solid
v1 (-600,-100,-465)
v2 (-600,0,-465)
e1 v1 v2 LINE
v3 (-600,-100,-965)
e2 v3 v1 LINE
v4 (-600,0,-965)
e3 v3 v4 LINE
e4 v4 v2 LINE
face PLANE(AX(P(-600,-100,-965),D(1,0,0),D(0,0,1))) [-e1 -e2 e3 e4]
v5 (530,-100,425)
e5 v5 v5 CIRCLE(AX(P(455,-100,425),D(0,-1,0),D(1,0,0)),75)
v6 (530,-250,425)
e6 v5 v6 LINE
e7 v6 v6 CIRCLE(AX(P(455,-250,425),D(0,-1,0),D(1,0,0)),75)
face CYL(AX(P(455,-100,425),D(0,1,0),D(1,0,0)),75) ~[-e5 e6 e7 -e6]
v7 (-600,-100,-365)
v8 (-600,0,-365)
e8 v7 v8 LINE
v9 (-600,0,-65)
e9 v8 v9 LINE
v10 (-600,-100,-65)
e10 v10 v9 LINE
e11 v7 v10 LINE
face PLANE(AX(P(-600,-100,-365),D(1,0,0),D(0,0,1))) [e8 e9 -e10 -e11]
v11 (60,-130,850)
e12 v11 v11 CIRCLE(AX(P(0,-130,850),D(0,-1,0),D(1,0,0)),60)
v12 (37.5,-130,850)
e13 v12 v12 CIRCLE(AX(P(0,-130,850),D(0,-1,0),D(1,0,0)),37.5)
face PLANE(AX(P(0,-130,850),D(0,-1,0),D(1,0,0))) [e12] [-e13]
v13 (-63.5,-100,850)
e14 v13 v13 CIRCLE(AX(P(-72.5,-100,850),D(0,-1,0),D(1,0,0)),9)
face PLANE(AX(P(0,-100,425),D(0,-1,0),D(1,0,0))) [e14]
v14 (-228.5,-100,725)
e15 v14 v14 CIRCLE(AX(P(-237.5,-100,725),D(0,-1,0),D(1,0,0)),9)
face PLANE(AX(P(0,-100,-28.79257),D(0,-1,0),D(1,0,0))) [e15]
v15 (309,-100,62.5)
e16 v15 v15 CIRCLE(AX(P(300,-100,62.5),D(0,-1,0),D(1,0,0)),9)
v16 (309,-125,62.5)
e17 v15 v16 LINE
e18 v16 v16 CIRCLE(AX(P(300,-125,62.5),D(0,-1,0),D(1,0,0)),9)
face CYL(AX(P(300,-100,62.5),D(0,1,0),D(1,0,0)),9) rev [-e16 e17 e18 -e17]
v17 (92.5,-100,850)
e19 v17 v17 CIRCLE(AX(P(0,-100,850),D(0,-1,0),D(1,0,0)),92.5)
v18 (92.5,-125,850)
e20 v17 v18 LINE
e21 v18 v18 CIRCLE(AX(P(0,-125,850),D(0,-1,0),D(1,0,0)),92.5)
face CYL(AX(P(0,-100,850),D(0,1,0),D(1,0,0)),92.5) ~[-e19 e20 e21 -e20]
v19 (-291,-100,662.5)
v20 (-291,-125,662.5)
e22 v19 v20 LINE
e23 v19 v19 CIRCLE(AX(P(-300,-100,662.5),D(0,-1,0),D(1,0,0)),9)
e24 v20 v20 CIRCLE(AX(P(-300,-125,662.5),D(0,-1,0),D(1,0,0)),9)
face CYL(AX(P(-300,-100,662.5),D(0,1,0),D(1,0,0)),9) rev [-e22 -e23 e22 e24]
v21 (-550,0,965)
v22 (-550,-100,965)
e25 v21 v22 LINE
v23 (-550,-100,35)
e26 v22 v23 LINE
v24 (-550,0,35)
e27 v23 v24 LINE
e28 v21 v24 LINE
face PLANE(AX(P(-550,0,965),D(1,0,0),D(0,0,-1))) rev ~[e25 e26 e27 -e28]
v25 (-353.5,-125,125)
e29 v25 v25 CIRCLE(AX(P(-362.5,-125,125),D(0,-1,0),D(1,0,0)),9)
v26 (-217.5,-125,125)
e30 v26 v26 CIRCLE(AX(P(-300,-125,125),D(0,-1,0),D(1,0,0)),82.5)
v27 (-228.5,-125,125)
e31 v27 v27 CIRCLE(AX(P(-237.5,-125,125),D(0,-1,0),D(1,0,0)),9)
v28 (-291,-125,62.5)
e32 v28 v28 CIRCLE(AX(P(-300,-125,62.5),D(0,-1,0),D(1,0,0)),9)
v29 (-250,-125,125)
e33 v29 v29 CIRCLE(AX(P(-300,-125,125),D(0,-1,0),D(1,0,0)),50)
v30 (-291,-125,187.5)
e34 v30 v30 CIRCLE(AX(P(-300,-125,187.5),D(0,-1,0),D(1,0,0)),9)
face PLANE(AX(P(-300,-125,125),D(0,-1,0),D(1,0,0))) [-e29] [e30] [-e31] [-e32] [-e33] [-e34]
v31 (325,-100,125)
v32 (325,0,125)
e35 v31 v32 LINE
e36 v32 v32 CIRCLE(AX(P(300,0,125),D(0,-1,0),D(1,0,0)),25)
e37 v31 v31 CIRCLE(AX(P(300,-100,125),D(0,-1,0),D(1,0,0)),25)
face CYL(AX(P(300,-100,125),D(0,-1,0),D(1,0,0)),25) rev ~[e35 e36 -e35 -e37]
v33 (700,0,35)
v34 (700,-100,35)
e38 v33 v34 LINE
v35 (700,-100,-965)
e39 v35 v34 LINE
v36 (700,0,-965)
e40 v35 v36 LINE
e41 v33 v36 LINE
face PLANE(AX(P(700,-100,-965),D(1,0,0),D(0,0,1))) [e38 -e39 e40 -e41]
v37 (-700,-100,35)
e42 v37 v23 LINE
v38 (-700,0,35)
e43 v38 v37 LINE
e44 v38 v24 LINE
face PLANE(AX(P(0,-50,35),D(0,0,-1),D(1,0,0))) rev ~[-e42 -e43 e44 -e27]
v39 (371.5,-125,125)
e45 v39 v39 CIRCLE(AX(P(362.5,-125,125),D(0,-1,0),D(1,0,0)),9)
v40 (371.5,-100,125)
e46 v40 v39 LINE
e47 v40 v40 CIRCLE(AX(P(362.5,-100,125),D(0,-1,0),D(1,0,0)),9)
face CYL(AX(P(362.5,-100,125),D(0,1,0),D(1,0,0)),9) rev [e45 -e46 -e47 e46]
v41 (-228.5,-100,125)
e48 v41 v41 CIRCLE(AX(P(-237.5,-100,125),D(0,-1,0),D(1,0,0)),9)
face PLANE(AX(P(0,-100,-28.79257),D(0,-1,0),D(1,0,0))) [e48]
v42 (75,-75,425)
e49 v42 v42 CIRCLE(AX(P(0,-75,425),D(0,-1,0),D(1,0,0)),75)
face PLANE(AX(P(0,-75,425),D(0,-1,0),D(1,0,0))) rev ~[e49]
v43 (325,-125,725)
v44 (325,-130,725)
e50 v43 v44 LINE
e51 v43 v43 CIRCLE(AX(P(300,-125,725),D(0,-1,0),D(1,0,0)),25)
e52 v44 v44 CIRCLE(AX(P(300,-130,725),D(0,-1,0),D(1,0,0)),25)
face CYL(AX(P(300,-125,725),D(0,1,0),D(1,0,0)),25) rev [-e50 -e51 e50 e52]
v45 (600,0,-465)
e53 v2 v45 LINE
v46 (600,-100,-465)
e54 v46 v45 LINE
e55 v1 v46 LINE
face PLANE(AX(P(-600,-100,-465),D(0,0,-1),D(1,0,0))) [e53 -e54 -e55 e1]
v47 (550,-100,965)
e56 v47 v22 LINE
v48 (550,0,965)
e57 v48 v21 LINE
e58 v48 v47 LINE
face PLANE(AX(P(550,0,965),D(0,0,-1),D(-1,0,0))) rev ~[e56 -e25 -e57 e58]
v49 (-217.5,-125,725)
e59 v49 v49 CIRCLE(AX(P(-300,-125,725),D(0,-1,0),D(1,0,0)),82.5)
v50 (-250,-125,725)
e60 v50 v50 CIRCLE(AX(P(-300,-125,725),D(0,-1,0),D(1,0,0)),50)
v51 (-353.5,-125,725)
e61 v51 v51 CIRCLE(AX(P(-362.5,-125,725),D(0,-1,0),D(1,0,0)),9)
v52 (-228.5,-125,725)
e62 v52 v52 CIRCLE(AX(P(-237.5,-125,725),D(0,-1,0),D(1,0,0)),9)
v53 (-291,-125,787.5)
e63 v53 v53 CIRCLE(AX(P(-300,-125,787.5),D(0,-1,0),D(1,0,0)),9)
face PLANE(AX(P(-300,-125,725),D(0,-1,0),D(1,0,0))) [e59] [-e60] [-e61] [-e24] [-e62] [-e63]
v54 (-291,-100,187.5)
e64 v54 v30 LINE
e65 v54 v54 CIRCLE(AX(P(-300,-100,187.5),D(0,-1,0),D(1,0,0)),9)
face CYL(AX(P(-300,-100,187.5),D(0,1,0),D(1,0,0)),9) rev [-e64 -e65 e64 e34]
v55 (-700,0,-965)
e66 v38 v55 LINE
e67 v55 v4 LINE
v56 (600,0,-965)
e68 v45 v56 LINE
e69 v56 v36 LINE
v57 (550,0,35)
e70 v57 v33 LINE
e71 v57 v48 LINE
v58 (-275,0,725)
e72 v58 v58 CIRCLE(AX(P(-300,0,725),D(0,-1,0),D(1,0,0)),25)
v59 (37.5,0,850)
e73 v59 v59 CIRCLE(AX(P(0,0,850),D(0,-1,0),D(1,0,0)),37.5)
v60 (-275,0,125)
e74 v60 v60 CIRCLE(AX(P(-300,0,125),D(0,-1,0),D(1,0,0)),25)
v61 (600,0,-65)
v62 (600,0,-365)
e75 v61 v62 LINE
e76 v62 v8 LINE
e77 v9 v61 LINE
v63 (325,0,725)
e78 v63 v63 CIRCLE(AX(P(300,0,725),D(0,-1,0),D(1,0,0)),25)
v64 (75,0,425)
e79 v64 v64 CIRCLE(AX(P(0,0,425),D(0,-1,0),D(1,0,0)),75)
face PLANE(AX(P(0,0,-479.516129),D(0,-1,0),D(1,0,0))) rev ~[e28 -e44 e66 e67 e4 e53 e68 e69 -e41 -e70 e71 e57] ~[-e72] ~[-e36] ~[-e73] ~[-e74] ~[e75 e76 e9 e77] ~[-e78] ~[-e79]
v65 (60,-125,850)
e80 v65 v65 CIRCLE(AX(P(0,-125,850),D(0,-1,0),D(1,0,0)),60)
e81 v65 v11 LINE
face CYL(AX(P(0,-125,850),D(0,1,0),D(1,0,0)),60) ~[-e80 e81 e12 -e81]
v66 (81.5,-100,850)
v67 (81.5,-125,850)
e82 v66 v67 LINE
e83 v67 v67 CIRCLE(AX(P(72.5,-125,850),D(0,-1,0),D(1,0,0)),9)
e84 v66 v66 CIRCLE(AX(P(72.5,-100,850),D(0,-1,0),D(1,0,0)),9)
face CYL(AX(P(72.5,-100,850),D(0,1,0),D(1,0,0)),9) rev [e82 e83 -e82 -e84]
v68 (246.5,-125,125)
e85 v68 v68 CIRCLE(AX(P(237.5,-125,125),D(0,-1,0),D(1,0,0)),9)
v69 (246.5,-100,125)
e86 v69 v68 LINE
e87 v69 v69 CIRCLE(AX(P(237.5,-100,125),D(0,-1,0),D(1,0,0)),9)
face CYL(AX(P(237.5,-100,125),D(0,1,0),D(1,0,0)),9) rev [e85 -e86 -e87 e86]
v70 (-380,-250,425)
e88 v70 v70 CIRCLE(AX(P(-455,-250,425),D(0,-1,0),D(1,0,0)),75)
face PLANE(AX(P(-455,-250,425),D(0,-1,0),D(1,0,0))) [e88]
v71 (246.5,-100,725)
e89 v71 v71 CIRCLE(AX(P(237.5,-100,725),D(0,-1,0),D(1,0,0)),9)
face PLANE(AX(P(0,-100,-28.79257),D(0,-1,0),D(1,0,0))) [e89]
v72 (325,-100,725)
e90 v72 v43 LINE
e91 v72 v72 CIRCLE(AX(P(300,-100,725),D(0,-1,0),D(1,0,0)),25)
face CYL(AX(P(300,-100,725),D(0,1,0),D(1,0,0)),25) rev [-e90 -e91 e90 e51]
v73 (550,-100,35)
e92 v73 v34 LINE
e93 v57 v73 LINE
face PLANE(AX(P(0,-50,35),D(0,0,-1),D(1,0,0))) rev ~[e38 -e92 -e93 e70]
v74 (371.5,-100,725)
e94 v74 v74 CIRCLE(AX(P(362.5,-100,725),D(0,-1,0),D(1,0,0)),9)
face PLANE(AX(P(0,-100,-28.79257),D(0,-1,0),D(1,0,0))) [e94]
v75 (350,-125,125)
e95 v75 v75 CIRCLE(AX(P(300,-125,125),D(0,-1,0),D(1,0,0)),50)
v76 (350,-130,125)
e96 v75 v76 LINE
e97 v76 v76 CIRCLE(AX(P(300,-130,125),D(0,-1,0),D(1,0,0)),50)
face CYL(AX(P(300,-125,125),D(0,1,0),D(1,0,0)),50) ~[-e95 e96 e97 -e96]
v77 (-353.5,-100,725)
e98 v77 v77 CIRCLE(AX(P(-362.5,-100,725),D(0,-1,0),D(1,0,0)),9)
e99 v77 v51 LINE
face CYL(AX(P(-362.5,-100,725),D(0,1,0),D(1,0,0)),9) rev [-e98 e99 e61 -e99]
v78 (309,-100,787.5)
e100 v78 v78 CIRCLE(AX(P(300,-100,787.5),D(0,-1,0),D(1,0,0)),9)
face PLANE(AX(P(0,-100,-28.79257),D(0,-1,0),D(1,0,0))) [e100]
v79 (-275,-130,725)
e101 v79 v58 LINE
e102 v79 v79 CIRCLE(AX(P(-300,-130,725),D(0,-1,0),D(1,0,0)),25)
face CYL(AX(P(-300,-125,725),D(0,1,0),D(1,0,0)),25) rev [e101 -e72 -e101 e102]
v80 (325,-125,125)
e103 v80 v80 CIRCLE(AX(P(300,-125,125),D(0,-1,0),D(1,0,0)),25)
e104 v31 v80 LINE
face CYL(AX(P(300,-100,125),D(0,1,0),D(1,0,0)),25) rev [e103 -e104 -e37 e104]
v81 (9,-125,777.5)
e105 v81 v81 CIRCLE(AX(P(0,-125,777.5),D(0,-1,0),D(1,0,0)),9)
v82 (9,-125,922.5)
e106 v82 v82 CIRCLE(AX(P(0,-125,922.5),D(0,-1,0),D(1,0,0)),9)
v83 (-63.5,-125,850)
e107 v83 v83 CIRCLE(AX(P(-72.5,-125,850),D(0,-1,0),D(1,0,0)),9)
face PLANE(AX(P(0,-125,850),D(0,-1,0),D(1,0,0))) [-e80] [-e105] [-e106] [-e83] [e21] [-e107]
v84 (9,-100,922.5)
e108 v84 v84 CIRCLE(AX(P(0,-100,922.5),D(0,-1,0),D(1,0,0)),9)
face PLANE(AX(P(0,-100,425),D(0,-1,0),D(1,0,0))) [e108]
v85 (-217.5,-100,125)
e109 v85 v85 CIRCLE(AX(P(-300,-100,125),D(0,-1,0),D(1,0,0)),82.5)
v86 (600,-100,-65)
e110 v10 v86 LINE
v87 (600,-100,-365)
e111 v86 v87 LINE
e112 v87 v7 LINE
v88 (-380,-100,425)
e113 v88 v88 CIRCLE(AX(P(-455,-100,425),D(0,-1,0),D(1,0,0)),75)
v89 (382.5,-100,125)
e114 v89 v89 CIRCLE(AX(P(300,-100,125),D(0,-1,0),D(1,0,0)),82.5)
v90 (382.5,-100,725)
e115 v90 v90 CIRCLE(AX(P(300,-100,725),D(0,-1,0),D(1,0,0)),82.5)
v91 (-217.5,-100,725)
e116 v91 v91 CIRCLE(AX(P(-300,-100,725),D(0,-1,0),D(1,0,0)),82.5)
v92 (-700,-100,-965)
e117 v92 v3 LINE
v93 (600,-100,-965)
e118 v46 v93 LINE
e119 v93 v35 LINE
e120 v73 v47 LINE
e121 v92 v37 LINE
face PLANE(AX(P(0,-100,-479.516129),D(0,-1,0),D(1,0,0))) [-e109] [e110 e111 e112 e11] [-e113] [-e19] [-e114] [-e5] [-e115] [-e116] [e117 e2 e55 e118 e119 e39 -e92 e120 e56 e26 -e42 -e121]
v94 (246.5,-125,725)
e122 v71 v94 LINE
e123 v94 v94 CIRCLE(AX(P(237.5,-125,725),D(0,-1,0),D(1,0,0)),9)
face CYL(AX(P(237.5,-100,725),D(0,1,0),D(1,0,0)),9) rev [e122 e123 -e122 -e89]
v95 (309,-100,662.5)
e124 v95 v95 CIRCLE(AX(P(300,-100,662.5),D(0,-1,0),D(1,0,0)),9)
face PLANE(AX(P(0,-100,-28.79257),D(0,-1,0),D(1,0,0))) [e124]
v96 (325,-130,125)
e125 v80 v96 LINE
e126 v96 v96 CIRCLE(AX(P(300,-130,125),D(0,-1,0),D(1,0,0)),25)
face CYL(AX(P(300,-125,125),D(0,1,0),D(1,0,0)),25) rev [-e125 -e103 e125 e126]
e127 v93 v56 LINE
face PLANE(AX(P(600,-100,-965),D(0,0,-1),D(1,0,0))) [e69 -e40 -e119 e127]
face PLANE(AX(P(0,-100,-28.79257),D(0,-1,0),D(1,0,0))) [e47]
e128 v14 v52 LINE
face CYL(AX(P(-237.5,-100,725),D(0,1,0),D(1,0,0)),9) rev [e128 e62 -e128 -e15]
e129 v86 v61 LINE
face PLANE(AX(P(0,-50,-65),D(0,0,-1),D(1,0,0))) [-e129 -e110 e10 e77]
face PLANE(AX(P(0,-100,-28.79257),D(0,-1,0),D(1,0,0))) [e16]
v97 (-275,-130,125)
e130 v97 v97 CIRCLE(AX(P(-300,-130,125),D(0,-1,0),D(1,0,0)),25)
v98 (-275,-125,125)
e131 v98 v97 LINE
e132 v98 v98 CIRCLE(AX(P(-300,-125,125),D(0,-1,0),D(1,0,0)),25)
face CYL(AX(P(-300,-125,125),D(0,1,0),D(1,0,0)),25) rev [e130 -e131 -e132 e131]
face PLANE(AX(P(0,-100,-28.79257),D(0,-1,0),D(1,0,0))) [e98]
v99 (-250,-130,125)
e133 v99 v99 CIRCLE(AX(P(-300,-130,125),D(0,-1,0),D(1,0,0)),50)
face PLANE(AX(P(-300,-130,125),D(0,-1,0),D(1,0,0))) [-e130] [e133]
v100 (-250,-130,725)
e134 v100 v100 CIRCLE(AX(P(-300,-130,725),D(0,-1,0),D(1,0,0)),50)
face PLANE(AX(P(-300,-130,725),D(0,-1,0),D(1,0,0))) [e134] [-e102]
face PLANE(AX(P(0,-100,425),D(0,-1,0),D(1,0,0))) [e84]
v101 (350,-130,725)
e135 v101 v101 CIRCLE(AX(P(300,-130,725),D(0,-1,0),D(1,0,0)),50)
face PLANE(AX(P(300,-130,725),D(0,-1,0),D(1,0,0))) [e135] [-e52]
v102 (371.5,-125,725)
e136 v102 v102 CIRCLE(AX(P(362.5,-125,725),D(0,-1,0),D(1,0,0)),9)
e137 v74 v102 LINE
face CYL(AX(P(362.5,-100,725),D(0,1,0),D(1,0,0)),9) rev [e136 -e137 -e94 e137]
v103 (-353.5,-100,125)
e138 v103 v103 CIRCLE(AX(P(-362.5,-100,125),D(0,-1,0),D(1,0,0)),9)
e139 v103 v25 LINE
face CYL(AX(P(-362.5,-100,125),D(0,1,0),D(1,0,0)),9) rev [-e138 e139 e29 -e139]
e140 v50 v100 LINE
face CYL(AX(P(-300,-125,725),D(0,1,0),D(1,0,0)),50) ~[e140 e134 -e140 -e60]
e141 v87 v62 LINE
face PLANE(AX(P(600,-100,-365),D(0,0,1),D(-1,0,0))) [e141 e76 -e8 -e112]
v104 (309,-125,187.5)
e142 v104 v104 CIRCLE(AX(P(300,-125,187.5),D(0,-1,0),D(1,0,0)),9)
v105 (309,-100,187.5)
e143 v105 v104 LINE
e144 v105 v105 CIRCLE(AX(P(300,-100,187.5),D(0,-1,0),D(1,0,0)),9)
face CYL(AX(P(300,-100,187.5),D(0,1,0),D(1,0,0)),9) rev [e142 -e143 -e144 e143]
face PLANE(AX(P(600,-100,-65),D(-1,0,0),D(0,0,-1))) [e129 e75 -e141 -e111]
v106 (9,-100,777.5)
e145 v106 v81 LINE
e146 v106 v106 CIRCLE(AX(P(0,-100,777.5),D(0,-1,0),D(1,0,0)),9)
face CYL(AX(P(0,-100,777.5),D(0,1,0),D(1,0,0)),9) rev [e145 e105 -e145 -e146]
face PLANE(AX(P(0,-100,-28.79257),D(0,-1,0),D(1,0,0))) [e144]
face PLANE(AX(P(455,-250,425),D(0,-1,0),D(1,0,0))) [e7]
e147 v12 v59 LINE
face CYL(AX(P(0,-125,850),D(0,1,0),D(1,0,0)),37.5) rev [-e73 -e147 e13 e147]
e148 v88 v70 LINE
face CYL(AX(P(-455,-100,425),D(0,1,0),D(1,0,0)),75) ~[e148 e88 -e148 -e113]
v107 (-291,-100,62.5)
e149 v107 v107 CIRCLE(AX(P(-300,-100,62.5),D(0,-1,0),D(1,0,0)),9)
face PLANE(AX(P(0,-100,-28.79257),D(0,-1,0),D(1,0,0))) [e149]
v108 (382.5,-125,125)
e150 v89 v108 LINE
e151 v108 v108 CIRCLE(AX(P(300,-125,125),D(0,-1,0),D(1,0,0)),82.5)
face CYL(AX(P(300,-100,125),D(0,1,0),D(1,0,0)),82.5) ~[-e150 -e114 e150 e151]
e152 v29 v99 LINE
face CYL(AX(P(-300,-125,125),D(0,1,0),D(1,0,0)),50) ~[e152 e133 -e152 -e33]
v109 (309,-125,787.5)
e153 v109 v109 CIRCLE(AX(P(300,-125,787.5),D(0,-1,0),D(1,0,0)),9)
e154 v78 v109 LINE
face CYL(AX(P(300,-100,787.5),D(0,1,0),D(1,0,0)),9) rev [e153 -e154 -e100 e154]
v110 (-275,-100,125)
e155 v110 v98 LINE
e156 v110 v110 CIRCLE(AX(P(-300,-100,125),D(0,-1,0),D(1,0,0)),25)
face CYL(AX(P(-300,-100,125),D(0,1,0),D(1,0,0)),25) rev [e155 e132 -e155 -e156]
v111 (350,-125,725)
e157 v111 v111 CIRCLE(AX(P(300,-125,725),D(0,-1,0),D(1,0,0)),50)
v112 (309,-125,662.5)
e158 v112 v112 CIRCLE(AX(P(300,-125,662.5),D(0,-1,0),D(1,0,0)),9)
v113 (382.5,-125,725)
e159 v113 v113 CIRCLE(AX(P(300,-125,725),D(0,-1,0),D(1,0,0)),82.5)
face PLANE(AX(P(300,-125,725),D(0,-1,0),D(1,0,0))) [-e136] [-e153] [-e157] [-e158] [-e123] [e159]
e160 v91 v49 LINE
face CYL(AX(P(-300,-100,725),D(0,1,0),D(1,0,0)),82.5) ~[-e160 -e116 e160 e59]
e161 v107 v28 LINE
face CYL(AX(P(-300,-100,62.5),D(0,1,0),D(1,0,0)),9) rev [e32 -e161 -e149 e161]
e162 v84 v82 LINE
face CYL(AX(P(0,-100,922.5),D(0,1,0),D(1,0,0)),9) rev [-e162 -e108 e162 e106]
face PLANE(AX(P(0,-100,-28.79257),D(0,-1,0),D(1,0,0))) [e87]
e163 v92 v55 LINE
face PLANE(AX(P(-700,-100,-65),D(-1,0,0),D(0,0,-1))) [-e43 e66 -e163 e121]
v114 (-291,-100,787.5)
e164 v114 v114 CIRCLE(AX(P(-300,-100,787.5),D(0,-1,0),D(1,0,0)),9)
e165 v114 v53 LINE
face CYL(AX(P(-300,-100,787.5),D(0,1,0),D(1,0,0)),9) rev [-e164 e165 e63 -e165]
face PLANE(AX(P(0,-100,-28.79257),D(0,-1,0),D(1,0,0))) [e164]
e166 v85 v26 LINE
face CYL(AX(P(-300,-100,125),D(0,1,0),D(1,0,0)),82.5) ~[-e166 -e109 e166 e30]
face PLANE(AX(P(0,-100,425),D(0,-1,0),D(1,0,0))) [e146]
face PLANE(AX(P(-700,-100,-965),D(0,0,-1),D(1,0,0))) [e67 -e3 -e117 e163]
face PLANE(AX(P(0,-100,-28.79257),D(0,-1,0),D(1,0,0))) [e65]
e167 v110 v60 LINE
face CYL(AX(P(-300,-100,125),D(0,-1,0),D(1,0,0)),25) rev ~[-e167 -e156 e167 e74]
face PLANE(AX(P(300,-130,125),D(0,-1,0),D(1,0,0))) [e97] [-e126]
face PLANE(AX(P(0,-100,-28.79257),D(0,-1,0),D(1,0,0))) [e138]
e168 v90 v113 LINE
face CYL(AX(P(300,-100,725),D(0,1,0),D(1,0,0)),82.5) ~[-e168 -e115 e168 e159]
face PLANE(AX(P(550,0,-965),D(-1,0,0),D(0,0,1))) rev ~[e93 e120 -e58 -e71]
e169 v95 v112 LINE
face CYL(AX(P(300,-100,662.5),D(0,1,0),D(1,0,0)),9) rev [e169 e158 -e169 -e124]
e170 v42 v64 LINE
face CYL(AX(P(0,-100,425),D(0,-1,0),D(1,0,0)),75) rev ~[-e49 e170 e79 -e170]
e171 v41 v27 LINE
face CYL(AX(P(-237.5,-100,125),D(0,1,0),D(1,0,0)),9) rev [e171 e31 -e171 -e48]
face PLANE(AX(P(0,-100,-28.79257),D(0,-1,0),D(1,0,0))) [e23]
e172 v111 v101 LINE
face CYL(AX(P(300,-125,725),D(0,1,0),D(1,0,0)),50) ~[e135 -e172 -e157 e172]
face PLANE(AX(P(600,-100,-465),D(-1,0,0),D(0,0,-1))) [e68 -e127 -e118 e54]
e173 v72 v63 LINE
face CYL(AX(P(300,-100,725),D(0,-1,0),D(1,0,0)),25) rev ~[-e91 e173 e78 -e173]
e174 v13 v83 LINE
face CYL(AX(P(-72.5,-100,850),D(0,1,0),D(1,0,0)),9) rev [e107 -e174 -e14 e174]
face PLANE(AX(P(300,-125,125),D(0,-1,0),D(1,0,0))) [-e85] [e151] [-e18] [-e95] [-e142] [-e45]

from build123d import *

# Parameters (mm, degrees)
F0_W      = 800
F0_H      = 300
F0_H_2    = 200
F1_DEPTH  = 100
F2_R      = 25
F2_R_2    = 75
F3_DEPTH  = 100
F4_R      = 75
F5_DEPTH  = 150
F6_R      = 82.5
F6_R_2    = 9
F6_R_3    = 25
F7_DEPTH  = 25
F8_R      = 50
F8_R_2    = 25
F9_DEPTH  = 5
F10_R     = 75
F11_DEPTH = 25
F12_R     = 37.5
F13_DEPTH = 100
F14_R     = 92.5
F14_R_2   = 9
F14_R_3   = 37.5
F15_DEPTH = 25
F16_R     = 60
F16_R_2   = 37.5
F17_DEPTH = 5
F18_W     = 1200
F18_H     = 1000
F19_DEPTH = 100
F20_W     = 1400
F20_H     = 100
F21_DEPTH = 100
F23_DEPTH = 100


with BuildPart() as f1:
    # F0 (on Front) → F1 (new body)
    with BuildSketch(Plane.XZ):
        Polygon((400, -965), (550, -965), (550, 965), (-550, 965), (-550, -965), (-400, -965), (-400, -765), (400, -765), align=None)
        with Locations((0, -465)):
            Rectangle(F0_W, F0_H, mode=Mode.SUBTRACT)
        with Locations((0, -65)):
            Rectangle(F0_W, F0_H_2, mode=Mode.SUBTRACT)
    extrude(amount=F1_DEPTH)

    # F2 (on face) → F3 (cut)
    with BuildSketch(Plane.XZ.offset(100)):
        with Locations((-300, 125)):
            Circle(F2_R)
        with Locations((0, 425)):
            Circle(F2_R_2)
        with Locations((-300, 725)):
            Circle(F2_R)
        with Locations((300, 125)):
            Circle(F2_R)
        with Locations((300, 725)):
            Circle(F2_R)
    extrude(amount=-F3_DEPTH, mode=Mode.SUBTRACT)

    # F4 (on face) → F5 (join)
    with BuildSketch(Plane.XZ.offset(100)):
        with Locations((-455, 425)):
            Circle(F4_R)
        with Locations((455, 425)):
            Circle(F4_R)
    extrude(amount=F5_DEPTH)

    # F6 (on face) → F7 (join)
    with BuildSketch(Plane.XZ.offset(100)):
        with Locations((-300, 725)):
            Circle(F6_R)
        with Locations((-300, 662.5)):
            Circle(F6_R_2, mode=Mode.SUBTRACT)
        with Locations((-362.5, 725)):
            Circle(F6_R_2, mode=Mode.SUBTRACT)
        with Locations((-300, 725)):
            Circle(F6_R_3, mode=Mode.SUBTRACT)
        with Locations((-300, 787.5)):
            Circle(F6_R_2, mode=Mode.SUBTRACT)
        with Locations((-237.5, 725)):
            Circle(F6_R_2, mode=Mode.SUBTRACT)
        with Locations((-300, 125)):
            Circle(F6_R)
        with Locations((-300, 62.5)):
            Circle(F6_R_2, mode=Mode.SUBTRACT)
        with Locations((-362.5, 125)):
            Circle(F6_R_2, mode=Mode.SUBTRACT)
        with Locations((-300, 125)):
            Circle(F6_R_3, mode=Mode.SUBTRACT)
        with Locations((-237.5, 125)):
            Circle(F6_R_2, mode=Mode.SUBTRACT)
        with Locations((-300, 187.5)):
            Circle(F6_R_2, mode=Mode.SUBTRACT)
        with Locations((300, 725)):
            Circle(F6_R)
        with Locations((300, 662.5)):
            Circle(F6_R_2, mode=Mode.SUBTRACT)
        with Locations((237.5, 725)):
            Circle(F6_R_2, mode=Mode.SUBTRACT)
        with Locations((300, 725)):
            Circle(F6_R_3, mode=Mode.SUBTRACT)
        with Locations((362.5, 725)):
            Circle(F6_R_2, mode=Mode.SUBTRACT)
        with Locations((300, 787.5)):
            Circle(F6_R_2, mode=Mode.SUBTRACT)
        with Locations((300, 125)):
            Circle(F6_R)
        with Locations((237.5, 125)):
            Circle(F6_R_2, mode=Mode.SUBTRACT)
        with Locations((300, 62.5)):
            Circle(F6_R_2, mode=Mode.SUBTRACT)
        with Locations((300, 125)):
            Circle(F6_R_3, mode=Mode.SUBTRACT)
        with Locations((362.5, 125)):
            Circle(F6_R_2, mode=Mode.SUBTRACT)
        with Locations((300, 187.5)):
            Circle(F6_R_2, mode=Mode.SUBTRACT)
    extrude(amount=F7_DEPTH)

    # F8 (on face) → F9 (join)
    with BuildSketch(Plane.XZ.offset(125)):
        with Locations((-300, 725)):
            Circle(F8_R)
        with Locations((-300, 725)):
            Circle(F8_R_2, mode=Mode.SUBTRACT)
        with Locations((-300, 125)):
            Circle(F8_R)
        with Locations((-300, 125)):
            Circle(F8_R_2, mode=Mode.SUBTRACT)
        with Locations((300, 725)):
            Circle(F8_R)
        with Locations((300, 725)):
            Circle(F8_R_2, mode=Mode.SUBTRACT)
        with Locations((300, 125)):
            Circle(F8_R)
        with Locations((300, 125)):
            Circle(F8_R_2, mode=Mode.SUBTRACT)
    extrude(amount=F9_DEPTH)

    # F10 (on face) → F11 (join)
    with BuildSketch(Plane.XZ.offset(100)):
        with Locations((0, 425)):
            Circle(F10_R)
    extrude(amount=-F11_DEPTH)

    # F12 (on face) → F13 (cut)
    with BuildSketch(Plane.XZ.offset(100)):
        with Locations((0, 850)):
            Circle(F12_R)
    extrude(amount=-F13_DEPTH, mode=Mode.SUBTRACT)

    # F14 (on face) → F15 (join)
    with BuildSketch(Plane.XZ.offset(100)):
        with Locations((0, 850)):
            Circle(F14_R)
        with Locations((-72.5, 850)):
            Circle(F14_R_2, mode=Mode.SUBTRACT)
        with Locations((0, 777.5)):
            Circle(F14_R_2, mode=Mode.SUBTRACT)
        with Locations((0, 850)):
            Circle(F14_R_3, mode=Mode.SUBTRACT)
        with Locations((0, 922.5)):
            Circle(F14_R_2, mode=Mode.SUBTRACT)
        with Locations((72.5, 850)):
            Circle(F14_R_2, mode=Mode.SUBTRACT)
    extrude(amount=F15_DEPTH)

    # F16 (on face) → F17 (join)
    with BuildSketch(Plane.XZ.offset(125)):
        with Locations((0, 850)):
            Circle(F16_R)
        with Locations((0, 850)):
            Circle(F16_R_2, mode=Mode.SUBTRACT)
    extrude(amount=F17_DEPTH)

    # F18 (on face) → F19 (cut)
    with BuildSketch(Plane.XZ.offset(100)):
        with Locations((31.1626179577, -465)):
            Rectangle(F18_W, F18_H)
    extrude(amount=-F19_DEPTH, mode=Mode.SUBTRACT)

    # F20 (on face) → F21 (join)
    with BuildSketch(Plane(origin=(0, 0, 35), x_dir=(1, 0, 0), z_dir=(0, 0, -1))):
        with Locations((0, 50)):
            Rectangle(F20_W, F20_H)
    extrude(amount=F21_DEPTH)

    # F22 (on face) → F23 (join)
    with BuildSketch(Plane.XZ.offset(100)):
        Polygon((-600, -65), (-700, -65), (-700, -965), (-600, -965), (-600, -465), (600, -465), (600, -965), (700, -965), (700, -65), (600, -65), (600, -365), (-600, -365), align=None)
    extrude(amount=-F23_DEPTH)


solid = f1.part
